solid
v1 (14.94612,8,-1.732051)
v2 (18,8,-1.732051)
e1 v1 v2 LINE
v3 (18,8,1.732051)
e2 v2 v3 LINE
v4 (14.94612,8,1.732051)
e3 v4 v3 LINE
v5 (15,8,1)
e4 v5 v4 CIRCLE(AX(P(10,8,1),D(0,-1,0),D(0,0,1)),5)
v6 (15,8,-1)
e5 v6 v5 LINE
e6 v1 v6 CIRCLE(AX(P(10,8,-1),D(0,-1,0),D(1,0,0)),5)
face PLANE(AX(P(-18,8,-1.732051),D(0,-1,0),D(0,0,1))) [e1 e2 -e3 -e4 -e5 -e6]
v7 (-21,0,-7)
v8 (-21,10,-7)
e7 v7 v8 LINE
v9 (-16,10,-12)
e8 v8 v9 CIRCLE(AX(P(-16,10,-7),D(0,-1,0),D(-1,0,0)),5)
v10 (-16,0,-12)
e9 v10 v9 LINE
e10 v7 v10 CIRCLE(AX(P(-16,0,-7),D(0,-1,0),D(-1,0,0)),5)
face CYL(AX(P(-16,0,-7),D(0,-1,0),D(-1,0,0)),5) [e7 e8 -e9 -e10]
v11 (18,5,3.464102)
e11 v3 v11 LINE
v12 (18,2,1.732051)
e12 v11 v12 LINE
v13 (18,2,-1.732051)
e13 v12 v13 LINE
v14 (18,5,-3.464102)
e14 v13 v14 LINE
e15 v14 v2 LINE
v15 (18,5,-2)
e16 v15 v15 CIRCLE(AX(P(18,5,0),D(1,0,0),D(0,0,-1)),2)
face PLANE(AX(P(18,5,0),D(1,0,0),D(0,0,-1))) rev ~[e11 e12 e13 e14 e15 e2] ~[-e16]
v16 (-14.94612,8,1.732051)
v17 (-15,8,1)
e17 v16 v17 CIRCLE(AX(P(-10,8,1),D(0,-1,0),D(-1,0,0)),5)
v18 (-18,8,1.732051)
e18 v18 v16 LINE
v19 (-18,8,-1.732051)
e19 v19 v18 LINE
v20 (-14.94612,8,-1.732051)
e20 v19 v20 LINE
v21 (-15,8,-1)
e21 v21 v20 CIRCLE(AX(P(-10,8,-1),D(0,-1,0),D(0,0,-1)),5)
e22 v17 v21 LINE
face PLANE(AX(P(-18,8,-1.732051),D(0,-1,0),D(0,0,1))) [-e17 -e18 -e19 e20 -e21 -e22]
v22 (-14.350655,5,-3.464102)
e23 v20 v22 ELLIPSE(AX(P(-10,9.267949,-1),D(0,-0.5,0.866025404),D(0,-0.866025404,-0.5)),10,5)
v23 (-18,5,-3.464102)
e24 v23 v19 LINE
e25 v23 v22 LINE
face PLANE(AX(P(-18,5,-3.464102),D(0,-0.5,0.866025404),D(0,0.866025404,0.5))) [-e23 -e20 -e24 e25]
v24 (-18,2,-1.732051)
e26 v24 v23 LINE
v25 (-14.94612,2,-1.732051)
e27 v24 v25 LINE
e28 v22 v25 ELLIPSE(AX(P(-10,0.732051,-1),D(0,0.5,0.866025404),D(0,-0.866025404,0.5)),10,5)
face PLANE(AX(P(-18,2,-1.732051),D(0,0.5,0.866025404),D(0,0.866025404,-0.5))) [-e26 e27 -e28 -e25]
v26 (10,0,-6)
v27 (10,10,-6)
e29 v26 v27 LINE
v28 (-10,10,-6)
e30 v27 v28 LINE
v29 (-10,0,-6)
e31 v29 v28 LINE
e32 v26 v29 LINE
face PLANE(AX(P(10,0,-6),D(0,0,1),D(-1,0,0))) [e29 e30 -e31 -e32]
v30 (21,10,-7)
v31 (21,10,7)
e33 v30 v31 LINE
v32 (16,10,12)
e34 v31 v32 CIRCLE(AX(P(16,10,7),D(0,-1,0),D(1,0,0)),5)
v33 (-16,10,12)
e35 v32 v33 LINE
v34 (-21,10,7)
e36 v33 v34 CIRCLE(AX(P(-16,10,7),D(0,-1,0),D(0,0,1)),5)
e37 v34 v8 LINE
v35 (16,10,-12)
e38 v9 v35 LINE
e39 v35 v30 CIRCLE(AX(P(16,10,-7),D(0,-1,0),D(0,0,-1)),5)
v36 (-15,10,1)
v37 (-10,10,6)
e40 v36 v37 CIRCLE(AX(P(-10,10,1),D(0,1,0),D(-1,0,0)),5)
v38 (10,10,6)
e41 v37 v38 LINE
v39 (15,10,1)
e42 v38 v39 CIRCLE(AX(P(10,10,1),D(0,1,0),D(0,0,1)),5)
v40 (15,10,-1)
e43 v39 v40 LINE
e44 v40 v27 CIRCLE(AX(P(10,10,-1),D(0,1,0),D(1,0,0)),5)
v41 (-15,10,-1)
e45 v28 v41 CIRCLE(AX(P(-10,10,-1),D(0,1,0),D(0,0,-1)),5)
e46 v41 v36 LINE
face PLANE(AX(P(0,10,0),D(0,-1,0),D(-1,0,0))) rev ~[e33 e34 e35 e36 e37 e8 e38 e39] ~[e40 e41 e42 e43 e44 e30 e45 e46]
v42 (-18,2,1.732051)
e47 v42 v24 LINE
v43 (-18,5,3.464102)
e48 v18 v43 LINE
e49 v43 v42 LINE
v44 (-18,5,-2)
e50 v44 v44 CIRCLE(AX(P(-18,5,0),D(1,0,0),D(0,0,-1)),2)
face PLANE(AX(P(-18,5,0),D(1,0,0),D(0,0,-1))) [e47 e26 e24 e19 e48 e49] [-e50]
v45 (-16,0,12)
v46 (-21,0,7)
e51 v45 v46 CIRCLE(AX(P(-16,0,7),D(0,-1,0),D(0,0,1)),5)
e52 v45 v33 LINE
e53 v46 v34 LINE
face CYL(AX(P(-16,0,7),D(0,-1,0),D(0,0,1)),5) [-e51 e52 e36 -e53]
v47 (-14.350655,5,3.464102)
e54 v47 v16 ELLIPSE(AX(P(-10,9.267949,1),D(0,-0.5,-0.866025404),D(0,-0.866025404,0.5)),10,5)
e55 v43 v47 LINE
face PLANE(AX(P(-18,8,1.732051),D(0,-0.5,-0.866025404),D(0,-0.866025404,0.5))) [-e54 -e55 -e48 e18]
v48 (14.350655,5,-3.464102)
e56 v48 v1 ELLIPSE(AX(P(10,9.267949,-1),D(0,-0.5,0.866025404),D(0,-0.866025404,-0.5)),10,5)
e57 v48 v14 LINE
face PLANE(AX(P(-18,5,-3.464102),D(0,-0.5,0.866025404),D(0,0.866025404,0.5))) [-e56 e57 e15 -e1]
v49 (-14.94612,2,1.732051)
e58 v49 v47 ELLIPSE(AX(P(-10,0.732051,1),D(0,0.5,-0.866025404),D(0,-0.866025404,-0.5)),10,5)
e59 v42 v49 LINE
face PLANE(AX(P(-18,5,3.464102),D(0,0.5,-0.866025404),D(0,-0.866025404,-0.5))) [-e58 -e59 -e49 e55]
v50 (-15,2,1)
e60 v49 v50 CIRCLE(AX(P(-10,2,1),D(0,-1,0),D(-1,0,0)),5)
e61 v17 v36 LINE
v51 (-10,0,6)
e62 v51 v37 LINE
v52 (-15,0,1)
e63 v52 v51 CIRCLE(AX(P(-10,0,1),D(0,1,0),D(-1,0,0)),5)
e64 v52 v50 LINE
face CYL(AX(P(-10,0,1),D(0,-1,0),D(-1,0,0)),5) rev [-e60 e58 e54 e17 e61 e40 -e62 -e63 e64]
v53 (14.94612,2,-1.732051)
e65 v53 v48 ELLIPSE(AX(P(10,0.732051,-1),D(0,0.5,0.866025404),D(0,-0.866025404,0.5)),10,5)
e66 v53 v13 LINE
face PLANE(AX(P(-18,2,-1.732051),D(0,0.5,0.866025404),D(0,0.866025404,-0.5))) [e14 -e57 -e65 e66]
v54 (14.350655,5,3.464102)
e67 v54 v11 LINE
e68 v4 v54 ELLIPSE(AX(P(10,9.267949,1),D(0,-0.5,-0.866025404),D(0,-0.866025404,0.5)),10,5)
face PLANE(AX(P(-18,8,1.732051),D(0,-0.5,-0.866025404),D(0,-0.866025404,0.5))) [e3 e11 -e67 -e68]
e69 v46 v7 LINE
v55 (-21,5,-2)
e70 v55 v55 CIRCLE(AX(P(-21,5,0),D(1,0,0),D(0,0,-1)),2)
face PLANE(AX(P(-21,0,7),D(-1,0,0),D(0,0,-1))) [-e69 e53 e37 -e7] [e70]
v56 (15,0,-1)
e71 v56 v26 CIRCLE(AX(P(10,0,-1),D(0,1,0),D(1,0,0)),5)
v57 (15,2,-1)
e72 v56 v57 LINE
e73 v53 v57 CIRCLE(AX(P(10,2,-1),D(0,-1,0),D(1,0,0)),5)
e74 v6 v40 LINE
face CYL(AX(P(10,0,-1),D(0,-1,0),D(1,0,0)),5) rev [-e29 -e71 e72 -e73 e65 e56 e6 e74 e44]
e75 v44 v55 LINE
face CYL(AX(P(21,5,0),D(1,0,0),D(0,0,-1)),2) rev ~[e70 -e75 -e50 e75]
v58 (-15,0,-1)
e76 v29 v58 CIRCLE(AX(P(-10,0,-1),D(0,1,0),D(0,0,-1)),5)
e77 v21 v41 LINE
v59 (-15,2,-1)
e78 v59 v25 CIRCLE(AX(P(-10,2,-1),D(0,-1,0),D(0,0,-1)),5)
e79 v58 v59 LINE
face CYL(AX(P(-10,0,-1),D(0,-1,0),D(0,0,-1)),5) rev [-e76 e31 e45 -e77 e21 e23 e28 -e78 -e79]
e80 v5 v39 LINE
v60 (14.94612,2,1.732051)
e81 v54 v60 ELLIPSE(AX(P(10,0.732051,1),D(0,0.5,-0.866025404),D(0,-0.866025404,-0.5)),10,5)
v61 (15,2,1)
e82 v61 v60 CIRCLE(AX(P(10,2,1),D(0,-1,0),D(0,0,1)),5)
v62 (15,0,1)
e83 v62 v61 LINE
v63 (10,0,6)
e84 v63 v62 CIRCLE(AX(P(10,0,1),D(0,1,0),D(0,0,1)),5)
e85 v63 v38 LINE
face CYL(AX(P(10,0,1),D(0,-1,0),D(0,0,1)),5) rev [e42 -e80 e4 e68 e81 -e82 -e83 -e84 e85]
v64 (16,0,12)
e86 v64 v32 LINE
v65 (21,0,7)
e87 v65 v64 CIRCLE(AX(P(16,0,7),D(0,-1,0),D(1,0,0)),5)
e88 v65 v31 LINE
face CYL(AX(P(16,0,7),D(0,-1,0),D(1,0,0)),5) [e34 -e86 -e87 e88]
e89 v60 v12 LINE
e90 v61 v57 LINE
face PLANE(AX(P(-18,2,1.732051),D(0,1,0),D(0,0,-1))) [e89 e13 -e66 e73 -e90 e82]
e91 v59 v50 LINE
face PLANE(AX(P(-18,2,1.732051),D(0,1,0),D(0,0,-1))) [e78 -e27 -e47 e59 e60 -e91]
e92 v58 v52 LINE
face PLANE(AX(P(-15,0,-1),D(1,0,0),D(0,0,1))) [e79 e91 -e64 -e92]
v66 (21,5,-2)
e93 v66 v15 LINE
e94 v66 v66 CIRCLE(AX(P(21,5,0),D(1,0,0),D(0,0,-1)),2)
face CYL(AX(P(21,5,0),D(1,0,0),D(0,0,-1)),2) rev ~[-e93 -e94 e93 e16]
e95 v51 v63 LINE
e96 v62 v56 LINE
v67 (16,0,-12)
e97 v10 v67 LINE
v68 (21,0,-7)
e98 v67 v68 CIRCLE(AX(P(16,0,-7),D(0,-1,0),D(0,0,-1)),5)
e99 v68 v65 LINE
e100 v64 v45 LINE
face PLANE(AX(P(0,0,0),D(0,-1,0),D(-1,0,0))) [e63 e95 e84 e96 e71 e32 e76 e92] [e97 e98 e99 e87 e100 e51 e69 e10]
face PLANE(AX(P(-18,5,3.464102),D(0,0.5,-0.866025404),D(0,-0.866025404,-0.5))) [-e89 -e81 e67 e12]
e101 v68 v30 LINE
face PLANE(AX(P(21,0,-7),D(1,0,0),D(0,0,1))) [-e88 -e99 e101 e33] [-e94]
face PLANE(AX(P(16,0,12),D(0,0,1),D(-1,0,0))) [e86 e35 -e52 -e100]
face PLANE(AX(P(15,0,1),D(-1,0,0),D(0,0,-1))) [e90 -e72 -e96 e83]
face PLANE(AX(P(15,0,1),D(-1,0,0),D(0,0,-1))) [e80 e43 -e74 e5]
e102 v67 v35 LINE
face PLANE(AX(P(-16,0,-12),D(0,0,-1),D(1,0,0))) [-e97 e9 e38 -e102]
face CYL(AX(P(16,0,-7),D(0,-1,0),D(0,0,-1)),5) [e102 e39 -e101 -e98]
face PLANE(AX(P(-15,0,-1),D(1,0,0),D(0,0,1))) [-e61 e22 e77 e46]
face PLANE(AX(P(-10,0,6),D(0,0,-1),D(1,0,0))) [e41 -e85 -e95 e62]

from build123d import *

# Parameters (mm, degrees)
BOSS_EXTRUDE1_DEPTH = 10
CUT_EXTRUDE1_REACH  = 46.811
SKETCH2_R           = 2
CUT_EXTRUDE2_START  = -3
CUT_EXTRUDE2_DEPTH  = 36


with BuildPart() as part:
    # Sketch1 → Boss-Extrude1 (new body)
    with BuildSketch(Plane(origin=(0, 0, 0), x_dir=(1, 0, 0), z_dir=(0, 1, 0))):
        with BuildLine():
            Line((16, -12), (-16, -12))
            ThreePointArc((-16, -12), (-19.535533906, -10.535533906), (-21, -7))
            Line((-21, -7), (-21, 7))
            ThreePointArc((-21, 7), (-19.535533906, 10.535533906), (-16, 12))
            Line((-16, 12), (16, 12))
            ThreePointArc((16, 12), (19.535533906, 10.535533906), (21, 7))
            Line((21, 7), (21, -7))
            ThreePointArc((21, -7), (19.535533906, -10.535533906), (16, -12))
        make_face()
        with BuildLine():
            Line((-10, -6), (10, -6))
            ThreePointArc((10, -6), (13.535533906, -4.535533906), (15, -1))
            Line((15, -1), (15, 1))
            ThreePointArc((15, 1), (13.535533906, 4.535533906), (10, 6))
            Line((10, 6), (-10, 6))
            ThreePointArc((-10, 6), (-13.535533906, 4.535533906), (-15, 1))
            Line((-15, 1), (-15, -1))
            ThreePointArc((-15, -1), (-13.535533906, -4.535533906), (-10, -6))
        make_face(mode=Mode.SUBTRACT)
    extrude(amount=BOSS_EXTRUDE1_DEPTH)

    # Cut-Extrude1: up to this face of the body (flat: up to its plane)
    cut_extrude1_end = Plane(part.part.faces().sort_by_distance((-21, 5, 0))[0])
    # Sketch2 → Cut-Extrude1 (cut, up to the picked face)
    with BuildSketch(Plane(origin=(21, 0, 0), x_dir=(0, 0, -1), z_dir=(1, 0, 0)), mode=Mode.PRIVATE) as cut_extrude1_sk1:
        with Locations((0, 5)):
            Circle(SKETCH2_R)
    cut_extrude1_tool1 = split(extrude(cut_extrude1_sk1.sketch, amount=-CUT_EXTRUDE1_REACH, mode=Mode.PRIVATE), bisect_by=cut_extrude1_end, keep=Keep.BOTH, mode=Mode.PRIVATE)
    add(cut_extrude1_tool1.solids().sort_by(Axis((21, 5, 0), (-1, 0, 0)))[0], mode=Mode.SUBTRACT)

    # Sketch3 → Cut-Extrude2 (cut)
    with BuildSketch(Plane(origin=(-15, 0, 0), x_dir=(0, 0, -1), z_dir=(1, 0, 0)).offset(CUT_EXTRUDE2_START)):
        Polygon((3.464101615, 5), (1.732050808, 8), (-1.732050808, 8), (-3.464101615, 5), (-1.732050808, 2), (1.732050808, 2), align=None)
    extrude(amount=CUT_EXTRUDE2_DEPTH, mode=Mode.SUBTRACT)


solid = part.part
